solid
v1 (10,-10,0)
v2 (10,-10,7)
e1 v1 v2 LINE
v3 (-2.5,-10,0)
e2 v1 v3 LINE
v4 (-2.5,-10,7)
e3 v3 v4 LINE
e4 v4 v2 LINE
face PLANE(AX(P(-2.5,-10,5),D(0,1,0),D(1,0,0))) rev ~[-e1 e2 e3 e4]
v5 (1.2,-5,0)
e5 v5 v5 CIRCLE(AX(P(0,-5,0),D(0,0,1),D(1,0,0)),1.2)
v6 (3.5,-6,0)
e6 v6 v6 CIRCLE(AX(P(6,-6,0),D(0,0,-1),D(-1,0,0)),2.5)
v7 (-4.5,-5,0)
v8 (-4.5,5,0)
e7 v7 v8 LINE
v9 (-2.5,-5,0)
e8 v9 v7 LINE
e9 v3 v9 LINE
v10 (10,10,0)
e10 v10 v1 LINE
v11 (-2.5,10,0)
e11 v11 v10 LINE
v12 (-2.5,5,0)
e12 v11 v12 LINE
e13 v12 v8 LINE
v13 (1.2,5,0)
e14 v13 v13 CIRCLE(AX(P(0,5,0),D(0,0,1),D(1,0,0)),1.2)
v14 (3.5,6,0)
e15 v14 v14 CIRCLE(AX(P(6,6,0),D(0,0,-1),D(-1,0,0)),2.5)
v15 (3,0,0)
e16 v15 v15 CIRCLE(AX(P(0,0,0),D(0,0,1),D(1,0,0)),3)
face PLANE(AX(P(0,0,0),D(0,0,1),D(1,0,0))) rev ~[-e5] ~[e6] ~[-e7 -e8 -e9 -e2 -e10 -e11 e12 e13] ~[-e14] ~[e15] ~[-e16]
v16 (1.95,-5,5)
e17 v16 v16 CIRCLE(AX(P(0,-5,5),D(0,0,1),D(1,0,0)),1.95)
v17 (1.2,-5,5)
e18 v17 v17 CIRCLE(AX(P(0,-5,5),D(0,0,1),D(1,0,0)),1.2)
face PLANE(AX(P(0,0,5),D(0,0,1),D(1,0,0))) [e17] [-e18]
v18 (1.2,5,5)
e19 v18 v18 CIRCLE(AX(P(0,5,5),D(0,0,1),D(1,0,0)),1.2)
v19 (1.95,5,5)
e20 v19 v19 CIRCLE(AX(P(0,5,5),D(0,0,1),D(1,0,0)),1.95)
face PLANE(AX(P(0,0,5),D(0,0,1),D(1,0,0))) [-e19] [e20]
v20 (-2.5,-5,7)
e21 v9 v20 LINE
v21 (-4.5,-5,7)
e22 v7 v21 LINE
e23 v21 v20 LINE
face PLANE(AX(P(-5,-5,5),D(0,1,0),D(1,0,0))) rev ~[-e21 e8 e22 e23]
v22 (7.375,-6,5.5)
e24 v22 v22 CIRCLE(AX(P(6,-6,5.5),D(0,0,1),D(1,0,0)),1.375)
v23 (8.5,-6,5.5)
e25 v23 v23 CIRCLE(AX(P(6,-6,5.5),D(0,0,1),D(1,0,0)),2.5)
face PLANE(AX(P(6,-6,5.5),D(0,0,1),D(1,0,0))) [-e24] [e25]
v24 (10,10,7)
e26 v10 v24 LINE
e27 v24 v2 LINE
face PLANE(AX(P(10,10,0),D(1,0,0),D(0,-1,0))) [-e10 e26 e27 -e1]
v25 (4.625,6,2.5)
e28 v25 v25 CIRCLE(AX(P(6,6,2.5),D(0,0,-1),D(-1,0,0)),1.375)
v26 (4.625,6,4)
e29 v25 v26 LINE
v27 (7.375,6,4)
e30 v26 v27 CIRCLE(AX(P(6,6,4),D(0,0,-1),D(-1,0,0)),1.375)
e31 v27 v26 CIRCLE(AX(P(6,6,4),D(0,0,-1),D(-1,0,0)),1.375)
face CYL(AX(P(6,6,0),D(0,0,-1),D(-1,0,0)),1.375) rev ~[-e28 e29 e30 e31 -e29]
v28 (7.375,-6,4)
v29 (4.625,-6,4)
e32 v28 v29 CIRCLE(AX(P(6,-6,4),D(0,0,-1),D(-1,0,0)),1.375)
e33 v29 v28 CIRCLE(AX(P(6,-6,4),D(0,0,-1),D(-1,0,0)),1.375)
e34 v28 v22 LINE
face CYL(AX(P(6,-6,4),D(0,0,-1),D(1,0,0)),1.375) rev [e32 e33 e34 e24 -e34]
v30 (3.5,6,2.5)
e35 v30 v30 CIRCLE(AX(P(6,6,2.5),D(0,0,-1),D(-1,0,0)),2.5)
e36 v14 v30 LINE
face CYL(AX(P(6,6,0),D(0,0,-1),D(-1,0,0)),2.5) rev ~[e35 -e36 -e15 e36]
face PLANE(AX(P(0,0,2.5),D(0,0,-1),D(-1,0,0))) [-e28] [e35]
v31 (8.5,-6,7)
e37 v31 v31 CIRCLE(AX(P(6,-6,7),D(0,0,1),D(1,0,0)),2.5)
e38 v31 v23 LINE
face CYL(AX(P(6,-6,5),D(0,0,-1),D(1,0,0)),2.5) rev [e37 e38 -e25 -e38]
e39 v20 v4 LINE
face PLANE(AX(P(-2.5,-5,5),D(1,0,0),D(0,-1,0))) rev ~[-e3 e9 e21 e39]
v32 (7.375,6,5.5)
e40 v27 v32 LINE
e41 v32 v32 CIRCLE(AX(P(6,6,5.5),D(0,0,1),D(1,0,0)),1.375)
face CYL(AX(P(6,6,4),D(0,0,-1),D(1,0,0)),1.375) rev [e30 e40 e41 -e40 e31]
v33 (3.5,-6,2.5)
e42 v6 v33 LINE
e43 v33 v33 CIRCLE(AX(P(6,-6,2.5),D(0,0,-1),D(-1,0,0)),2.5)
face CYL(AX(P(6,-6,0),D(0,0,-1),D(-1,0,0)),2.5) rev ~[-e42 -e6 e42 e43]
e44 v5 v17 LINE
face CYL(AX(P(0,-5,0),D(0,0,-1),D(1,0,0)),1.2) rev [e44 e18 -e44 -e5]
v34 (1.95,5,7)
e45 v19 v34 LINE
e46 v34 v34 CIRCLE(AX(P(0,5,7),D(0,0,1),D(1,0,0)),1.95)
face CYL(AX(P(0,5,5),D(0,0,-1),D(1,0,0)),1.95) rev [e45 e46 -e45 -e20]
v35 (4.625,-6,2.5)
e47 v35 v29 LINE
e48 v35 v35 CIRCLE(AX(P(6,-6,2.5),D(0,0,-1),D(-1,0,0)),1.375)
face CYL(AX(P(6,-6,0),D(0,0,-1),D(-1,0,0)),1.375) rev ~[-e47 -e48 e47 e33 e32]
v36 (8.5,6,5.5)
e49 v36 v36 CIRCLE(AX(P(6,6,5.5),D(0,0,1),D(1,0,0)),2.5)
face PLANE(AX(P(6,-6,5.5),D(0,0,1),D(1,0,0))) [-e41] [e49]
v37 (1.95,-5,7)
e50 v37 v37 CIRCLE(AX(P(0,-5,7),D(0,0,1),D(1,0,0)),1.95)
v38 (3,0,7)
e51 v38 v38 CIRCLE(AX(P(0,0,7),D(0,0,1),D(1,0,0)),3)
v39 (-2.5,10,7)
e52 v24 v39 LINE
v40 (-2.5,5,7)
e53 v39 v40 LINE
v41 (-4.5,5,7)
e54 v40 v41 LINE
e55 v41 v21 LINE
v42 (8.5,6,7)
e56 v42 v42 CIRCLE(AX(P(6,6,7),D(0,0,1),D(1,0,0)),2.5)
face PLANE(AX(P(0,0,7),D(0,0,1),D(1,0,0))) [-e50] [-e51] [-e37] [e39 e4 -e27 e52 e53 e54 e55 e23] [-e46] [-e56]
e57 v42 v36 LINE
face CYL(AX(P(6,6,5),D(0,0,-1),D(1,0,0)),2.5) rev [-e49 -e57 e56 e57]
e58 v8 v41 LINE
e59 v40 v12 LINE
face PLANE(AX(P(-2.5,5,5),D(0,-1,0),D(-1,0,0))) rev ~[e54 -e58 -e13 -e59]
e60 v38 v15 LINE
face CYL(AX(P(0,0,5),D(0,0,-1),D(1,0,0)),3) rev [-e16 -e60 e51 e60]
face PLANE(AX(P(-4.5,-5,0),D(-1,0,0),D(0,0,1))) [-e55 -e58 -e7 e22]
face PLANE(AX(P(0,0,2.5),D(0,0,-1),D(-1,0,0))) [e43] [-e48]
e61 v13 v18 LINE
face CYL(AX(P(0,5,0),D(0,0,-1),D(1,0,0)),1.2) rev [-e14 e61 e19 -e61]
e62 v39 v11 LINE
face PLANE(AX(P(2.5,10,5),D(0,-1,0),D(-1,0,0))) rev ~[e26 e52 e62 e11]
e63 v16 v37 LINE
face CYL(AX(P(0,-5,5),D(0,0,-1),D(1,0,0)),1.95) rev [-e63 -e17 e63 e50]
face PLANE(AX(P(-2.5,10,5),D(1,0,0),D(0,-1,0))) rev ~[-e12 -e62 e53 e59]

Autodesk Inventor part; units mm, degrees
ref_plane "YZ Plane" through (0, 0, 0) normal (1, 0, 0) x (0, 1, 0)
ref_plane "XZ Plane" through (0, 0, 0) normal (0, 1, 0) x (-1, 0, 0)
ref_plane "XY Plane" through (0, 0, 0) normal (0, 0, 1) x (1, 0, 0)
sketch "Sketch1" plane through (0, 0, 0) normal (0, 0, 1) x (1, 0, 0)
  line L0 (10, -10) -> (-10, -10)
  line L1 (-10, -10) -> (-10, 10)
  line L2 (-10, 10) -> (10, 10)
  line L3 (10, 10) -> (10, -10)
  circle A0 centre (0, 5) radius 1.2
  circle A1 centre (0, -5) radius 1.2
  circle A2 centre (0, 0) radius 3
  dimension "d0" = 10
  dimension "d1" = 10
  dimension "d2" = 10
  dimension "d3" = 10
  dimension "d4" = 5
  dimension "d5" = 5
  dimension "d6" = 2.4
  dimension "d7" = 2.4
  dimension "d8" = 6
extrude "Extrusion1" add sketch "Sketch1" along normal blind 5
sketch "Sketch2" plane through (0, 0, 5) normal (0, 0, 1) x (1, 0, 0)
  line L0 (0, 0) -> (-1.3346, -1.3533)
  circle A0 centre (6, -6) radius 2.5
  circle A1 centre (6, 6) radius 2.5
  line L1 (10, -10) -> (10, 10) projected
  line L2 (-10, -10) -> (10, -10) projected
  line L3 (10, 10) -> (-10, 10) projected
  dimension "d34" = 4
  dimension "d35" = 4
  dimension "d36" = 4
  dimension "d37" = 4
  dimension "d38" = 5
  dimension "d39" = 5
extrude "Extrusion2" cut sketch "Sketch2" against normal blind 1
sketch "Sketch7" plane through (0, 0, 0) normal (0, 0, -1) x (-1, 0, 0)
  circle A0 centre (-6, 6) radius 2.5 projected
  circle A1 centre (-6, 6) radius 1.375
  circle A2 centre (-6, -6) radius 2.5 projected
  circle A3 centre (-6, -6) radius 1.375
  point P0 (0, 0)
  dimension "d40" = 2.75
  dimension "d41" = 2.75
extrude "Extrusion6" cut sketch "Sketch7" against normal blind 5 contours A1 | A3
sketch "Sketch8" plane through (0, 0, 5) normal (0, 0, 1) x (1, 0, 0)
  line L0 (10, 10) -> (-10, 10) projected
  line L1 (10, 10) -> (2.5, 10)
  line L2 (2.5, 10) -> (2.5, 2.5)
  line L3 (2.5, 2.5) -> (10, 2.5)
  line L4 (10, 2.5) -> (10, 10)
  line L5 (10, -10) -> (10, 10) projected
  line L6 (10, -10) -> (2.5, -10)
  line L7 (2.5, -10) -> (2.5, -2.5)
  line L8 (2.5, -2.5) -> (10, -2.5)
  line L9 (10, -2.5) -> (10, -10)
  line L10 (10, -2.5) -> (5, -2.5)
  line L11 (5, -2.5) -> (5, 2.5)
  line L12 (5, 2.5) -> (10, 2.5)
  line L13 (10, 2.5) -> (10, -2.5)
  circle A0 centre (6, 6) radius 2.5 projected
  circle A1 centre (6, 6) radius 2.5
  circle A2 centre (6, -6) radius 2.5 projected
  circle A3 centre (6, -6) radius 2.5
  point P0 (0, 0)
  point P1 (2.5, 10)
  dimension "d44" = 7.5
  dimension "d45" = 7.5
  dimension "d46" = 7.5
  dimension "d47" = 7.5
  dimension "d48" = 5
extrude "Extrusion7" add sketch "Sketch8" along normal blind 2
sketch "Sketch9" plane through (0, 0, 0) normal (0, 0, -1) x (-1, 0, 0)
  circle A0 centre (-6, 6) radius 1.375 projected
  circle A1 centre (-6, 6) radius 2.5
  circle A2 centre (-6, -6) radius 1.375 projected
  circle A3 centre (-6, -6) radius 2.5
  point P0 (0, 0)
  dimension "d51" = 5
  dimension "d52" = 5
extrude "Extrusion8" cut sketch "Sketch9" against normal blind 2.5 contours A0 | A1 | A2 | A3
sketch "Sketch10" plane through (0, 0, 0) normal (0, 0, -1) x (-1, 0, 0)
  line L0 (-2.5, 10) -> (10, 10) projected
  line L1 (10, -10) -> (-2.5, -10) projected
  line L2 (10, 10) -> (5, 10)
  line L3 (5, 10) -> (5, -10)
  line L4 (5, -10) -> (10, -10)
  line L5 (10, -10) -> (10, 10)
  line L6 (5, 10) -> (2.5, 10)
  line L7 (2.5, 10) -> (2.5, 5)
  line L8 (2.5, 5) -> (5, 5)
  line L9 (5, 5) -> (5, 10)
  line L10 (5, -10) -> (2.5, -10)
  line L11 (2.5, -10) -> (2.5, -5)
  line L12 (2.5, -5) -> (5, -5)
  line L13 (5, -5) -> (5, -10)
  point P0 (0, 0)
  point P1 (2.5, 10)
  dimension "d55" = 5
  dimension "d56" = 2.5
  dimension "d57" = 5
  dimension "d58" = 5
  dimension "d59" = 2.5
extrude "Extrusion9" cut sketch "Sketch10" against normal blind 10
sketch "Sketch12" plane through (6, -6, 4) normal (0, 0, 1) x (1, 0, 0)
  circle A0 centre (0, 0) radius 1.375 projected
  circle A1 centre (0, 0) radius 2.5 projected
  circle A2 centre (0, 12) radius 2.5 projected
  circle A3 centre (0, 12) radius 1.375 projected
  circle A4 centre (0, 12) radius 2.5 projected
  point P0 (-6, 6)
extrude "Extrusion11" add sketch "Sketch12" along normal blind 1.5
sketch "Sketch13" plane through (0, 0, 5) normal (0, 0, 1) x (1, 0, 0)
  point P0 (0, 0)
sketch "Sketch14" plane through (0, 0, 5) normal (0, 0, 1) x (1, 0, 0)
  line L0 (-2.5, -5) -> (-2.5, -10) projected
  line L1 (-2.5, -10) -> (2.5, -10) projected
  line L2 (2.5, -10) -> (2.5, -2.5) projected
  line L3 (2.5, -2.5) -> (5, -2.5) projected
  line L4 (5, -2.5) -> (5, 2.5) projected
  line L5 (5, 2.5) -> (2.5, 2.5) projected
  line L6 (2.5, 2.5) -> (2.5, 10) projected
  line L7 (2.5, 10) -> (-2.5, 10) projected
  line L8 (-2.5, 10) -> (-2.5, 5) projected
  line L9 (-2.5, 5) -> (-5, 5) projected
  line L10 (-5, 5) -> (-5, -5) projected
  line L11 (-5, -5) -> (-2.5, -5) projected
  circle A0 centre (0, 0) radius 3 projected
  circle A1 centre (0, -5) radius 1.2 projected
  circle A2 centre (0, 5) radius 1.2 projected
  circle A3 centre (0, -5) radius 1.95
  circle A4 centre (0, 5) radius 1.95
  dimension "d80" = 3.9
  dimension "d81" = 3.9
extrude "Extrusion12" add sketch "Sketch14" along normal blind 2 contours L11 L10 L9 L8 L7 L6 L5 L4 L3 L2 L1 L0
sketch "Sketch15" plane through (-5, -5, 0) normal (-1, 0, 0) x (0, 0, 1)
  line L0 (0, 10) -> (7, 10) projected
  line L1 (0, 0) -> (0, 10) projected
  line L2 (0, 0) -> (7, 0) projected
  line L3 (7, 10) -> (7, 0) projected
  point P0 (0, 5)
extrude "Extrusion13" cut sketch "Sketch15" against normal blind 0.5
equation "\"d1\" = d0"
equation "\"d2\" = d0"
equation "\"d3\" = d2"
equation "\"d5\" = d4"
equation "\"d7\" = d6"
equation "\"d39\" = d38"
equation "\"d45\" = d44"
equation "\"d46\" = d45"
equation "\"d52\" = d51"
equation "\"d81\" = d80"
properties part number "MotorMount" material "Stainless Steel"
